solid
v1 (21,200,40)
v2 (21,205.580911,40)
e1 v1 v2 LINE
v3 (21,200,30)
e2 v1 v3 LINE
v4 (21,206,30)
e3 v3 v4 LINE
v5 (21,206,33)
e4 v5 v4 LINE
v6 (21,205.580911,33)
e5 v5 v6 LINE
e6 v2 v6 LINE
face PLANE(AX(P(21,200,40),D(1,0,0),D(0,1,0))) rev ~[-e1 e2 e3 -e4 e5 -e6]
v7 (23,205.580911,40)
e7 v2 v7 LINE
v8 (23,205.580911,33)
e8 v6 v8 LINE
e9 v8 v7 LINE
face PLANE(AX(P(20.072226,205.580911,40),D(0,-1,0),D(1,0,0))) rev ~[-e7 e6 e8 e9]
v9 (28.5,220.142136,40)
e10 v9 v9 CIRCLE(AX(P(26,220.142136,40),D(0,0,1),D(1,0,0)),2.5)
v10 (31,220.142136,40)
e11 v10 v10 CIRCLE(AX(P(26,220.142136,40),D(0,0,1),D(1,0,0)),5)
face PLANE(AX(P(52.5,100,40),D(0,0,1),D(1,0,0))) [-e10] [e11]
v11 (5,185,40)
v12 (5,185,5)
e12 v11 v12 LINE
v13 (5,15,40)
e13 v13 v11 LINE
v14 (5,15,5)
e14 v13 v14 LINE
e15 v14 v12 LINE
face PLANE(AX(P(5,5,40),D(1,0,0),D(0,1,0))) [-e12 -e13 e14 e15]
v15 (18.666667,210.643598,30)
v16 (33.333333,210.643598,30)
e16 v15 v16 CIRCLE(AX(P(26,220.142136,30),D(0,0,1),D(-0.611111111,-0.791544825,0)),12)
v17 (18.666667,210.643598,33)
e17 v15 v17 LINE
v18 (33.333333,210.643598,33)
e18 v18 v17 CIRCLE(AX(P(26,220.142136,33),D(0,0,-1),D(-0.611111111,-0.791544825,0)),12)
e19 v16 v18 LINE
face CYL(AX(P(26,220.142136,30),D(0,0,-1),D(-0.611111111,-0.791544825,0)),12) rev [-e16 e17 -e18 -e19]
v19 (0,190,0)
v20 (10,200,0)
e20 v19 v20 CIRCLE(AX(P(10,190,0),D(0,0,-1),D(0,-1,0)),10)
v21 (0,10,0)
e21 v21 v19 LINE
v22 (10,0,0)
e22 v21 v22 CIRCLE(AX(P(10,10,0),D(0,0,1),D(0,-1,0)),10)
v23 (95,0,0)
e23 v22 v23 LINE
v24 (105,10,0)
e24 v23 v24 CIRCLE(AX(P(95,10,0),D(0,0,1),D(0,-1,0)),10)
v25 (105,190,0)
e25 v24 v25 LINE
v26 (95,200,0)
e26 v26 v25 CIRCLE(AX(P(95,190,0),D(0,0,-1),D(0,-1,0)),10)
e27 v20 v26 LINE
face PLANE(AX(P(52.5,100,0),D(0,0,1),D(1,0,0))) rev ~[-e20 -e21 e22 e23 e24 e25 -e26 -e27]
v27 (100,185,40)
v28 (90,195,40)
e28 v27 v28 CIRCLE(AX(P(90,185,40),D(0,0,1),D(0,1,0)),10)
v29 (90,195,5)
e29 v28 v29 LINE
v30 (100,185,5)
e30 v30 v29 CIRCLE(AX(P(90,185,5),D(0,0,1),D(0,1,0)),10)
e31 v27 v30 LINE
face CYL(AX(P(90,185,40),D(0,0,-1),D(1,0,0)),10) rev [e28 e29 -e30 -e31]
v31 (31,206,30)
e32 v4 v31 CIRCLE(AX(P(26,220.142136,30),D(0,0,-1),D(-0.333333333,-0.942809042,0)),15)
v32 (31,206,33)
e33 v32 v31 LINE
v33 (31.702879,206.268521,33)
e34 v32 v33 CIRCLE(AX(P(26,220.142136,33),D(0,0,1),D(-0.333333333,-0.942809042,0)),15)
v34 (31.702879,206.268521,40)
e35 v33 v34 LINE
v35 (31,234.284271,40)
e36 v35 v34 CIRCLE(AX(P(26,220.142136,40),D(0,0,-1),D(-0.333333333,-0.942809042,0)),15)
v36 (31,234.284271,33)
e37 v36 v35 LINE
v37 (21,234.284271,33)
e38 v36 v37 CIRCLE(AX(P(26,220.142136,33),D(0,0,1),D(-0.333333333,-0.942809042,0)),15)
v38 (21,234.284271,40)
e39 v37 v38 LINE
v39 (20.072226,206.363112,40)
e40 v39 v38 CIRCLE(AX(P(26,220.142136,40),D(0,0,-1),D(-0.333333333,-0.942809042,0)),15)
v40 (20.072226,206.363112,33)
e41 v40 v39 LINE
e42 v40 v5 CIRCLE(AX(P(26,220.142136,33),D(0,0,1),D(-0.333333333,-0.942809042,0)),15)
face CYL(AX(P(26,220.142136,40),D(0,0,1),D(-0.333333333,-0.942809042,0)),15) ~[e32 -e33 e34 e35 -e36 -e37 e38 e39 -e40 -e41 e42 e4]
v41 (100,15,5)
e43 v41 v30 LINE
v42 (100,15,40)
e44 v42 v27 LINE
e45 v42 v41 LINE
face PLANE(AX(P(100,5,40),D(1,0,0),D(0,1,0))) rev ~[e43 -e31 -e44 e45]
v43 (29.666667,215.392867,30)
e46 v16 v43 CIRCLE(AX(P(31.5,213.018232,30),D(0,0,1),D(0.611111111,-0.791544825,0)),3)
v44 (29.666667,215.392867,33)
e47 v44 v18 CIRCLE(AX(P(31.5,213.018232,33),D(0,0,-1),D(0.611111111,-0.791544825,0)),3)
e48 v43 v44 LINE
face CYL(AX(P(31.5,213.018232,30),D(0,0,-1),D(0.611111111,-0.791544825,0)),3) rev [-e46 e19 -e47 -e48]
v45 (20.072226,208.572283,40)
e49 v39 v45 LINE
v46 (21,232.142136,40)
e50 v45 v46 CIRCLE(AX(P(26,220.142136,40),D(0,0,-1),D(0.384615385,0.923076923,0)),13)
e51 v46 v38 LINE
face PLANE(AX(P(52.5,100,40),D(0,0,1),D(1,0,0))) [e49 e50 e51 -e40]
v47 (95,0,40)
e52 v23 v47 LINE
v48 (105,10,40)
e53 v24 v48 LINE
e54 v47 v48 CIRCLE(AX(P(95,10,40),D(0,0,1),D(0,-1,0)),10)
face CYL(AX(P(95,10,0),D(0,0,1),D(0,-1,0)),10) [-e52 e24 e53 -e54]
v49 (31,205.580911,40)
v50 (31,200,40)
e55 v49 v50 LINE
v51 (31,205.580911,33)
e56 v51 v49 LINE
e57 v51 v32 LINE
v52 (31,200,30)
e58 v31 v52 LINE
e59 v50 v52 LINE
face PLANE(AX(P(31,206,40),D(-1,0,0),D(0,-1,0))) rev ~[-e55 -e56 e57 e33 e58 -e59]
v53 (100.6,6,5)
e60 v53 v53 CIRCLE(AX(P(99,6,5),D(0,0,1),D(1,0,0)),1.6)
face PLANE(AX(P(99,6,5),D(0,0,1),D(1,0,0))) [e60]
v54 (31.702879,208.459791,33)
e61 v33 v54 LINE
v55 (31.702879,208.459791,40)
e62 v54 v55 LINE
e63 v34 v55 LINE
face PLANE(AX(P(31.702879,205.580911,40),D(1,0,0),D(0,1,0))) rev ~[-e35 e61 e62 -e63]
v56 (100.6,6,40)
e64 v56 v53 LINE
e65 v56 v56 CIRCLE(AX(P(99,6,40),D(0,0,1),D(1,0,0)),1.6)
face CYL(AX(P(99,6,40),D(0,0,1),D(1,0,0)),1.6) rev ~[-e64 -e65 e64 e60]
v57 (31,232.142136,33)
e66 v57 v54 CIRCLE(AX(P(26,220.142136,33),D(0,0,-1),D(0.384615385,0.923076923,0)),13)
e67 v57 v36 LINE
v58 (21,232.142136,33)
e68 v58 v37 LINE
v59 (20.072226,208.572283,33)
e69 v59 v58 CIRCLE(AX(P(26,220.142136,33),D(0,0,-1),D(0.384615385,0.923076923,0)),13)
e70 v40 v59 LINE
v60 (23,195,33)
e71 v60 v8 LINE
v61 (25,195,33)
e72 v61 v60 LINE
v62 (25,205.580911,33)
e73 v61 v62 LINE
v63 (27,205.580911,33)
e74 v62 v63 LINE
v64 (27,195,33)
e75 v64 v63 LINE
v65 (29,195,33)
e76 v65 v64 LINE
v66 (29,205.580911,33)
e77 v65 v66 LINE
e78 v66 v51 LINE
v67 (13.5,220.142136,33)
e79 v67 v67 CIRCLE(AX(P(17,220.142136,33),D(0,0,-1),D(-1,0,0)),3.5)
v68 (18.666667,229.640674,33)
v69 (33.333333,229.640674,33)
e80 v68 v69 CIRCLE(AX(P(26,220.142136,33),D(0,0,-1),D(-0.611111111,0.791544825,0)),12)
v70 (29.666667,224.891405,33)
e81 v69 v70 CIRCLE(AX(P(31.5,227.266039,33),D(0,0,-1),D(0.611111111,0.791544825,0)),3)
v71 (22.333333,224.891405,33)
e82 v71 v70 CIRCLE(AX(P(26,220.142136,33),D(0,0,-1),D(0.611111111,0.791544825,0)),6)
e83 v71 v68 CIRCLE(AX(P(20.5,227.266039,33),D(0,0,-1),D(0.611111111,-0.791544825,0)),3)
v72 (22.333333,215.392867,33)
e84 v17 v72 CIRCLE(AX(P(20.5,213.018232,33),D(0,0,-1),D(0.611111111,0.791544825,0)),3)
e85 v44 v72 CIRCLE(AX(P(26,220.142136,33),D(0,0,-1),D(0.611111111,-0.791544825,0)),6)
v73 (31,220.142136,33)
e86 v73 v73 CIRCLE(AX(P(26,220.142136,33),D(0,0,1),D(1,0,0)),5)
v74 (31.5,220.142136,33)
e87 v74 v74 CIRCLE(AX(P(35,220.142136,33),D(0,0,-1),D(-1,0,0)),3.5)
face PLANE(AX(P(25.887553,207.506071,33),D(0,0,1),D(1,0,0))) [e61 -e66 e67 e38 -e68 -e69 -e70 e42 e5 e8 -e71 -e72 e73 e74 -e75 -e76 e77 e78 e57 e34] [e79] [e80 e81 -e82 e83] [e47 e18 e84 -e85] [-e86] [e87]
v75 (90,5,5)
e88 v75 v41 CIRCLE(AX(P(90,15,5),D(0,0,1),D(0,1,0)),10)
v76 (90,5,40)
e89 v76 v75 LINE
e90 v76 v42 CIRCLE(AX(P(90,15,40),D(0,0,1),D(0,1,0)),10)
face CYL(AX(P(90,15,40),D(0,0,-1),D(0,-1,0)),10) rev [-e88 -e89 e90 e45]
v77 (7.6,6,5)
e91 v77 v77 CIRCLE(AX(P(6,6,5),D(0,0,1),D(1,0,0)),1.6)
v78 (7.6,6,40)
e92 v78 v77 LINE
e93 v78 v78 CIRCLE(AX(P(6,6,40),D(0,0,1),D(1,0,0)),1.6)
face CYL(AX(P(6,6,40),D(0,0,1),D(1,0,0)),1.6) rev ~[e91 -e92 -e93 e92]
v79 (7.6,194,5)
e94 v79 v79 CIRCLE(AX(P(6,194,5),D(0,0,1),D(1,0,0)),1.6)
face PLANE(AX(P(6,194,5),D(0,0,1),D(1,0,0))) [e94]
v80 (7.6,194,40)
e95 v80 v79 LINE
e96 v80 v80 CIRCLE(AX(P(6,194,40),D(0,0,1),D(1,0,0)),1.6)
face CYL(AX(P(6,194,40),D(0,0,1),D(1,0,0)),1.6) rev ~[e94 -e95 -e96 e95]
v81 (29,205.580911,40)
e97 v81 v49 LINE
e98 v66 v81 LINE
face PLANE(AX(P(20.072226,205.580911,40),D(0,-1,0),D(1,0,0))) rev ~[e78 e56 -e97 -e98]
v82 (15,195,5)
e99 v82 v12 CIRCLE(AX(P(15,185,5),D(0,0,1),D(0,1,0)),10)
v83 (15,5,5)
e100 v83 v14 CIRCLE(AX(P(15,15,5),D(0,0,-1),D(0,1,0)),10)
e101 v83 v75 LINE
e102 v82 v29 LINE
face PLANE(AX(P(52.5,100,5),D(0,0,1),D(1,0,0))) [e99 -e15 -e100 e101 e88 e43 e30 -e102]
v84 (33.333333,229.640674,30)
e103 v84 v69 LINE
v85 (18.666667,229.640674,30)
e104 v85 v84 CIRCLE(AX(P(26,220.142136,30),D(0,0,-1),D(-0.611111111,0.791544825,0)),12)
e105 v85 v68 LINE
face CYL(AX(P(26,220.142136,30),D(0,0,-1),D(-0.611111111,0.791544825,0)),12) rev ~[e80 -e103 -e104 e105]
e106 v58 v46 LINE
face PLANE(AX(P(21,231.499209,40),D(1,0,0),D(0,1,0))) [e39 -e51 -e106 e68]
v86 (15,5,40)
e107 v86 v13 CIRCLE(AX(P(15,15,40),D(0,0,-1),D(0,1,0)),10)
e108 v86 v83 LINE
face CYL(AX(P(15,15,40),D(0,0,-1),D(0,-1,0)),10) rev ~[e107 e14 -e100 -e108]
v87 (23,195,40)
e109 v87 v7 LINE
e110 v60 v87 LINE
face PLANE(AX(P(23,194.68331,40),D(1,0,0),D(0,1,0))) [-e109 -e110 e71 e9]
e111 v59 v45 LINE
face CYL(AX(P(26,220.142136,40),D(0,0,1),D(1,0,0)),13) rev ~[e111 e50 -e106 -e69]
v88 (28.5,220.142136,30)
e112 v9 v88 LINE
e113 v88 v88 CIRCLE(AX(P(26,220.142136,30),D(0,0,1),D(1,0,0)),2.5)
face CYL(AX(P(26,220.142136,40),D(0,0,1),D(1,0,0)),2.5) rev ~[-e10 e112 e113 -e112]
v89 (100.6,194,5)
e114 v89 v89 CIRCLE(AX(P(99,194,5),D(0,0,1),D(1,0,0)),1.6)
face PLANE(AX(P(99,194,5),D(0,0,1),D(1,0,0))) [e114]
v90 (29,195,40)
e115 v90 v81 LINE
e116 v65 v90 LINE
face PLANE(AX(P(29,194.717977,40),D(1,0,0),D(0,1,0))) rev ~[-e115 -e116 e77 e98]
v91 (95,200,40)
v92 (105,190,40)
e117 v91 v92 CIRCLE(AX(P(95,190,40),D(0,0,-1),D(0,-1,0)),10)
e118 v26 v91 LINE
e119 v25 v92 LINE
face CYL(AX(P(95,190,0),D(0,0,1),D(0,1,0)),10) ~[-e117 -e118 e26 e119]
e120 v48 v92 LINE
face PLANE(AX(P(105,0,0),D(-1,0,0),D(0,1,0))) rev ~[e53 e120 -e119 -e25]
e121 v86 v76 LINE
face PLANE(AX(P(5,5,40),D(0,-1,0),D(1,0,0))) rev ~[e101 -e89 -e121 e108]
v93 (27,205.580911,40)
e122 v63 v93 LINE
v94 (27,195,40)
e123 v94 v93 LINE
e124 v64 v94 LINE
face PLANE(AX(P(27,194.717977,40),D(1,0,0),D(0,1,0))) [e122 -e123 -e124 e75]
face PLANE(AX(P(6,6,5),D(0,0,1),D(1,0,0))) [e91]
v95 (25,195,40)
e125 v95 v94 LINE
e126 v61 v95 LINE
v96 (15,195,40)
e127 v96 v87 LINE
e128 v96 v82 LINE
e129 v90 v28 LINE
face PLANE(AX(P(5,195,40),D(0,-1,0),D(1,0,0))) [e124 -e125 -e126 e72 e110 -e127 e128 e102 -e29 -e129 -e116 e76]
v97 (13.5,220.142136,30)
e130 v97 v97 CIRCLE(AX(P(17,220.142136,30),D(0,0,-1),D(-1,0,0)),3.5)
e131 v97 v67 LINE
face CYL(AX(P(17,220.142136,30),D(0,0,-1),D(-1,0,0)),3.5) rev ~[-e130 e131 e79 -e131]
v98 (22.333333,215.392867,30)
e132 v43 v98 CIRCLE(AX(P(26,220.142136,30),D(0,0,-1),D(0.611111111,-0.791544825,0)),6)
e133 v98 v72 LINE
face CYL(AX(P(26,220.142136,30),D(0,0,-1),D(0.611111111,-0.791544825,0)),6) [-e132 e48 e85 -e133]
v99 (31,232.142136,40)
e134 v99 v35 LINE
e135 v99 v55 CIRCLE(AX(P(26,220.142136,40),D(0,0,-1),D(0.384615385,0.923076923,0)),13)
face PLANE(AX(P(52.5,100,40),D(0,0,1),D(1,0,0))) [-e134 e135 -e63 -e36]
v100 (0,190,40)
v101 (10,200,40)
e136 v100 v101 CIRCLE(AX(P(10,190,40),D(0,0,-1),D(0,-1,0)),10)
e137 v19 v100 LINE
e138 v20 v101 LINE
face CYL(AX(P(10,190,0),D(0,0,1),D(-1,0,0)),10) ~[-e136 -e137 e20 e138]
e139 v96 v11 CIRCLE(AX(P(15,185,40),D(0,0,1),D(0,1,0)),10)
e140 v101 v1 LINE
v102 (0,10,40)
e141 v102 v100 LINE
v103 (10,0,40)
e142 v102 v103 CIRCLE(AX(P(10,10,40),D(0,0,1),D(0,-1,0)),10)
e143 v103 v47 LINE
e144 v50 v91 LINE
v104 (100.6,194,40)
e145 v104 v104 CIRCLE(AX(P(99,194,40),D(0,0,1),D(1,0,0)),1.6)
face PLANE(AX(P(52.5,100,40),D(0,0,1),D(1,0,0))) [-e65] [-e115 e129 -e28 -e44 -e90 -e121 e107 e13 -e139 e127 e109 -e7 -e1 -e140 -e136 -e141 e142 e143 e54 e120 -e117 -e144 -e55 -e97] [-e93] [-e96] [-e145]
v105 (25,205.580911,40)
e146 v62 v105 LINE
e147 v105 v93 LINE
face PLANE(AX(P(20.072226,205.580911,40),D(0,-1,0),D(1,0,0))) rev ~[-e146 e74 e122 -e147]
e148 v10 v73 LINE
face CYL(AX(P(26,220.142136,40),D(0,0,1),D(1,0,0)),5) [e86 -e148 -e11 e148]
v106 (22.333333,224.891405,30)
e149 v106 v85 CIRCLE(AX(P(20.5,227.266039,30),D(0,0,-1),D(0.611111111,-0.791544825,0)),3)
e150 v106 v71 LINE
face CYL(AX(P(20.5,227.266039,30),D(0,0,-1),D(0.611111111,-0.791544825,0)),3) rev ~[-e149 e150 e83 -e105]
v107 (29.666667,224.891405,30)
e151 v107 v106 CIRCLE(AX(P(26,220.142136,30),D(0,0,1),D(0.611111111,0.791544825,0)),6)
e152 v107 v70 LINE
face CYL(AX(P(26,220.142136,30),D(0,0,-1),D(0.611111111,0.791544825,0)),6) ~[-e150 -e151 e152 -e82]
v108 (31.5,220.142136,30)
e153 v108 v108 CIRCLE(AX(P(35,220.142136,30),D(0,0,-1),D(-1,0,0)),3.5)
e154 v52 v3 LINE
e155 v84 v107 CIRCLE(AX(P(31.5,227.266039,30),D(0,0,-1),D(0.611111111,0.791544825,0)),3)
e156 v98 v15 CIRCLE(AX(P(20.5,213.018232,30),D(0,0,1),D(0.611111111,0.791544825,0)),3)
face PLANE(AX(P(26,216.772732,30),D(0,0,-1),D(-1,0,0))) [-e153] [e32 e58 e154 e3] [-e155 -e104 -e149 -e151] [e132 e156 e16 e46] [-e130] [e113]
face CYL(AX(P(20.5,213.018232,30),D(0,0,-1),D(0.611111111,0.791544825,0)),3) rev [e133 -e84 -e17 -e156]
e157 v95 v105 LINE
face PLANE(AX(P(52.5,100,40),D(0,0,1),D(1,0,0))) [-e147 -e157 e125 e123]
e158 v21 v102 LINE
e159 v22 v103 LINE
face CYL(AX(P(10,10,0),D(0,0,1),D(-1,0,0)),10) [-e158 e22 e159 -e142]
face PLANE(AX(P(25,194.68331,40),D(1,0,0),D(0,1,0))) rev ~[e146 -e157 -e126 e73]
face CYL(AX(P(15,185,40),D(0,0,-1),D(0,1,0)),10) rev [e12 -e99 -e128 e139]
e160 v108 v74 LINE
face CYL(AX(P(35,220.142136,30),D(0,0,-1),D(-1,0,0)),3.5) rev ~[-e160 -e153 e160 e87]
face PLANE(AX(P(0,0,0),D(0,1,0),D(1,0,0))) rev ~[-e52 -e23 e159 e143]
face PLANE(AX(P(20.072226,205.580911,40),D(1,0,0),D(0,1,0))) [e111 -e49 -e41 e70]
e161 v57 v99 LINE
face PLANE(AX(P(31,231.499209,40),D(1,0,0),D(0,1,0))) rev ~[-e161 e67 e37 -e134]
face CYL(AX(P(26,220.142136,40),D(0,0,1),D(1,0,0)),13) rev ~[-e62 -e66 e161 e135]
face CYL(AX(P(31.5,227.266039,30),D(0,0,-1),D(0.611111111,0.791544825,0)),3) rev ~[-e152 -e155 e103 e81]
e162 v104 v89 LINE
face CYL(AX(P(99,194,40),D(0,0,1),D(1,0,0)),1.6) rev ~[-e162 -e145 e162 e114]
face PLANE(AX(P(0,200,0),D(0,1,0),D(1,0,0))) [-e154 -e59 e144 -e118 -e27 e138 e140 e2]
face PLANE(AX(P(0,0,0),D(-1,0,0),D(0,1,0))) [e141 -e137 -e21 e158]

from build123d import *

# Parameters (mm, degrees)
SKETCH1_W           = 105
SKETCH1_H           = 200
BOSS_EXTRUDE1_DEPTH = 40
SKETCH2_W           = 95
SKETCH2_H           = 190
CUT_EXTRUDE1_DEPTH  = 35
FILLET1_R           = 10
SKETCH3_R           = 1.6
CUT_EXTRUDE2_DEPTH  = 35
BOSS_EXTRUDE2_DEPTH = 10
SKETCH6_R           = 2.5
CUT_EXTRUDE3_DEPTH  = 10
SKETCH7_R           = 13
SKETCH7_R_2         = 5
CUT_EXTRUDE5_DEPTH  = 7
SKETCH9_W           = 10
SKETCH9_H           = 4.718519443
CUT_EXTRUDE8_DEPTH  = 7
SKETCH10_W          = 11.630652226
SKETCH10_H          = 3.85031924
CUT_EXTRUDE11_DEPTH = 7
SKETCH11_W          = 2
SKETCH11_H          = 11.091513068
SKETCH11_H_2        = 11.156323384
CUT_EXTRUDE12_DEPTH = 7
CUT_EXTRUDE13_DEPTH = 7
SKETCH13_R          = 3.5
CUT_EXTRUDE14_DEPTH = 7


with BuildPart() as part:
    # Sketch1 → Boss-Extrude1 (new body)
    with BuildSketch(Plane.XY):
        with Locations((52.5, 100)):
            Rectangle(SKETCH1_W, SKETCH1_H)
    extrude(amount=BOSS_EXTRUDE1_DEPTH)

    # Sketch2 → Cut-Extrude1 (cut)
    with BuildSketch(Plane.XY.offset(40)):
        with Locations((52.5, 100)):
            Rectangle(SKETCH2_W, SKETCH2_H)
    extrude(amount=-CUT_EXTRUDE1_DEPTH, mode=Mode.SUBTRACT)

    # Fillet1
    fillet1_edges = [part.edges().sort_by_distance(p)[0] for p in [
        (5, 195, 22.5),
        (100, 195, 22.5),
        (100, 5, 22.5),
        (5, 5, 22.5),
        (0, 200, 20),
        (105, 200, 20),
        (105, 0, 20),
        (0, 0, 20),
    ]]
    fillet(fillet1_edges, radius=FILLET1_R)

    # Sketch3 → Cut-Extrude2 (cut)
    with BuildSketch(Plane.XY.offset(40)):
        with Locations((6, 194)):
            Circle(SKETCH3_R)
        with Locations((99, 194)):
            Circle(SKETCH3_R)
        with Locations((99, 6)):
            Circle(SKETCH3_R)
        with Locations((6, 6)):
            Circle(SKETCH3_R)
    extrude(amount=-CUT_EXTRUDE2_DEPTH, mode=Mode.SUBTRACT)

    # Sketch4 → Boss-Extrude2 (add)
    with BuildSketch(Plane.XY.offset(40)):
        with BuildLine():
            Line((21, 200), (21, 206))
            ThreePointArc((21, 206), (26, 235.142135624), (31, 206))
            Line((31, 206), (31, 200))
            Line((31, 200), (21, 200))
        make_face()
    extrude(amount=-BOSS_EXTRUDE2_DEPTH)

    # Sketch6 → Cut-Extrude3 (cut)
    with BuildSketch(Plane.XY.offset(40)):
        with Locations((26, 220.142135624)):
            Circle(SKETCH6_R)
    extrude(amount=-CUT_EXTRUDE3_DEPTH, mode=Mode.SUBTRACT)

    # Sketch7 → Cut-Extrude5 (cut)
    with BuildSketch(Plane.XY.offset(40)):
        with Locations((26, 220.142135624)):
            Circle(SKETCH7_R)
        with Locations((26, 220.142135624)):
            Circle(SKETCH7_R_2, mode=Mode.SUBTRACT)
    extrude(amount=-CUT_EXTRUDE5_DEPTH, mode=Mode.SUBTRACT)

    # Sketch9 → Cut-Extrude8 (cut)
    with BuildSketch(Plane.XY.offset(40)):
        with Locations((26, 233.858468974)):
            Rectangle(SKETCH9_W, SKETCH9_H)
    extrude(amount=-CUT_EXTRUDE8_DEPTH, mode=Mode.SUBTRACT)

    # Sketch10 → Cut-Extrude11 (cut)
    with BuildSketch(Plane.XY.offset(40)):
        with Locations((25.887552525, 207.506070883)):
            Rectangle(SKETCH10_W, SKETCH10_H)
    extrude(amount=-CUT_EXTRUDE11_DEPTH, mode=Mode.SUBTRACT)

    # Sketch11 → Cut-Extrude12 (cut)
    with BuildSketch(Plane.XY.offset(40)):
        with Locations((24, 200.229066802)):
            Rectangle(SKETCH11_W, SKETCH11_H)
        with Locations((28, 200.296138355)):
            Rectangle(SKETCH11_W, SKETCH11_H_2)
    extrude(amount=-CUT_EXTRUDE12_DEPTH, mode=Mode.SUBTRACT)

    # Sketch12 → Cut-Extrude13 (cut)
    with BuildSketch(Plane(origin=(0, 0, 30), x_dir=(-1, 0, 0), z_dir=(0, 0, -1))):
        with BuildLine():
            ThreePointArc((-18.666666667, 229.640673523), (-26, 232.142135624), (-33.333333333, 229.640673523))
            ThreePointArc((-33.333333333, 229.640673523), (-33.874634475, 225.432705715), (-29.666666667, 224.891404573))
            ThreePointArc((-29.666666667, 224.891404573), (-26, 226.142135624), (-22.333333333, 224.891404573))
            ThreePointArc((-22.333333333, 224.891404573), (-18.125365525, 225.432705715), (-18.666666667, 229.640673523))
        make_face()
        with BuildLine():
            ThreePointArc((-18.666666667, 210.643597725), (-26, 208.142135624), (-33.333333333, 210.643597725))
            ThreePointArc((-33.333333333, 210.643597725), (-33.874634475, 214.851565533), (-29.666666667, 215.392866674))
            ThreePointArc((-29.666666667, 215.392866674), (-26, 214.142135624), (-22.333333333, 215.392866674))
            ThreePointArc((-22.333333333, 215.392866674), (-18.125365525, 214.851565533), (-18.666666667, 210.643597725))
        make_face()
    extrude(amount=-CUT_EXTRUDE13_DEPTH, mode=Mode.SUBTRACT)

    # Sketch13 → Cut-Extrude14 (cut)
    with BuildSketch(Plane(origin=(0, 0, 30), x_dir=(-1, 0, 0), z_dir=(0, 0, -1))):
        with Locations((-17, 220.142135624)):
            Circle(SKETCH13_R)
        with Locations((-35, 220.142135624)):
            Circle(SKETCH13_R)
    extrude(amount=-CUT_EXTRUDE14_DEPTH, mode=Mode.SUBTRACT)


solid = part.part
